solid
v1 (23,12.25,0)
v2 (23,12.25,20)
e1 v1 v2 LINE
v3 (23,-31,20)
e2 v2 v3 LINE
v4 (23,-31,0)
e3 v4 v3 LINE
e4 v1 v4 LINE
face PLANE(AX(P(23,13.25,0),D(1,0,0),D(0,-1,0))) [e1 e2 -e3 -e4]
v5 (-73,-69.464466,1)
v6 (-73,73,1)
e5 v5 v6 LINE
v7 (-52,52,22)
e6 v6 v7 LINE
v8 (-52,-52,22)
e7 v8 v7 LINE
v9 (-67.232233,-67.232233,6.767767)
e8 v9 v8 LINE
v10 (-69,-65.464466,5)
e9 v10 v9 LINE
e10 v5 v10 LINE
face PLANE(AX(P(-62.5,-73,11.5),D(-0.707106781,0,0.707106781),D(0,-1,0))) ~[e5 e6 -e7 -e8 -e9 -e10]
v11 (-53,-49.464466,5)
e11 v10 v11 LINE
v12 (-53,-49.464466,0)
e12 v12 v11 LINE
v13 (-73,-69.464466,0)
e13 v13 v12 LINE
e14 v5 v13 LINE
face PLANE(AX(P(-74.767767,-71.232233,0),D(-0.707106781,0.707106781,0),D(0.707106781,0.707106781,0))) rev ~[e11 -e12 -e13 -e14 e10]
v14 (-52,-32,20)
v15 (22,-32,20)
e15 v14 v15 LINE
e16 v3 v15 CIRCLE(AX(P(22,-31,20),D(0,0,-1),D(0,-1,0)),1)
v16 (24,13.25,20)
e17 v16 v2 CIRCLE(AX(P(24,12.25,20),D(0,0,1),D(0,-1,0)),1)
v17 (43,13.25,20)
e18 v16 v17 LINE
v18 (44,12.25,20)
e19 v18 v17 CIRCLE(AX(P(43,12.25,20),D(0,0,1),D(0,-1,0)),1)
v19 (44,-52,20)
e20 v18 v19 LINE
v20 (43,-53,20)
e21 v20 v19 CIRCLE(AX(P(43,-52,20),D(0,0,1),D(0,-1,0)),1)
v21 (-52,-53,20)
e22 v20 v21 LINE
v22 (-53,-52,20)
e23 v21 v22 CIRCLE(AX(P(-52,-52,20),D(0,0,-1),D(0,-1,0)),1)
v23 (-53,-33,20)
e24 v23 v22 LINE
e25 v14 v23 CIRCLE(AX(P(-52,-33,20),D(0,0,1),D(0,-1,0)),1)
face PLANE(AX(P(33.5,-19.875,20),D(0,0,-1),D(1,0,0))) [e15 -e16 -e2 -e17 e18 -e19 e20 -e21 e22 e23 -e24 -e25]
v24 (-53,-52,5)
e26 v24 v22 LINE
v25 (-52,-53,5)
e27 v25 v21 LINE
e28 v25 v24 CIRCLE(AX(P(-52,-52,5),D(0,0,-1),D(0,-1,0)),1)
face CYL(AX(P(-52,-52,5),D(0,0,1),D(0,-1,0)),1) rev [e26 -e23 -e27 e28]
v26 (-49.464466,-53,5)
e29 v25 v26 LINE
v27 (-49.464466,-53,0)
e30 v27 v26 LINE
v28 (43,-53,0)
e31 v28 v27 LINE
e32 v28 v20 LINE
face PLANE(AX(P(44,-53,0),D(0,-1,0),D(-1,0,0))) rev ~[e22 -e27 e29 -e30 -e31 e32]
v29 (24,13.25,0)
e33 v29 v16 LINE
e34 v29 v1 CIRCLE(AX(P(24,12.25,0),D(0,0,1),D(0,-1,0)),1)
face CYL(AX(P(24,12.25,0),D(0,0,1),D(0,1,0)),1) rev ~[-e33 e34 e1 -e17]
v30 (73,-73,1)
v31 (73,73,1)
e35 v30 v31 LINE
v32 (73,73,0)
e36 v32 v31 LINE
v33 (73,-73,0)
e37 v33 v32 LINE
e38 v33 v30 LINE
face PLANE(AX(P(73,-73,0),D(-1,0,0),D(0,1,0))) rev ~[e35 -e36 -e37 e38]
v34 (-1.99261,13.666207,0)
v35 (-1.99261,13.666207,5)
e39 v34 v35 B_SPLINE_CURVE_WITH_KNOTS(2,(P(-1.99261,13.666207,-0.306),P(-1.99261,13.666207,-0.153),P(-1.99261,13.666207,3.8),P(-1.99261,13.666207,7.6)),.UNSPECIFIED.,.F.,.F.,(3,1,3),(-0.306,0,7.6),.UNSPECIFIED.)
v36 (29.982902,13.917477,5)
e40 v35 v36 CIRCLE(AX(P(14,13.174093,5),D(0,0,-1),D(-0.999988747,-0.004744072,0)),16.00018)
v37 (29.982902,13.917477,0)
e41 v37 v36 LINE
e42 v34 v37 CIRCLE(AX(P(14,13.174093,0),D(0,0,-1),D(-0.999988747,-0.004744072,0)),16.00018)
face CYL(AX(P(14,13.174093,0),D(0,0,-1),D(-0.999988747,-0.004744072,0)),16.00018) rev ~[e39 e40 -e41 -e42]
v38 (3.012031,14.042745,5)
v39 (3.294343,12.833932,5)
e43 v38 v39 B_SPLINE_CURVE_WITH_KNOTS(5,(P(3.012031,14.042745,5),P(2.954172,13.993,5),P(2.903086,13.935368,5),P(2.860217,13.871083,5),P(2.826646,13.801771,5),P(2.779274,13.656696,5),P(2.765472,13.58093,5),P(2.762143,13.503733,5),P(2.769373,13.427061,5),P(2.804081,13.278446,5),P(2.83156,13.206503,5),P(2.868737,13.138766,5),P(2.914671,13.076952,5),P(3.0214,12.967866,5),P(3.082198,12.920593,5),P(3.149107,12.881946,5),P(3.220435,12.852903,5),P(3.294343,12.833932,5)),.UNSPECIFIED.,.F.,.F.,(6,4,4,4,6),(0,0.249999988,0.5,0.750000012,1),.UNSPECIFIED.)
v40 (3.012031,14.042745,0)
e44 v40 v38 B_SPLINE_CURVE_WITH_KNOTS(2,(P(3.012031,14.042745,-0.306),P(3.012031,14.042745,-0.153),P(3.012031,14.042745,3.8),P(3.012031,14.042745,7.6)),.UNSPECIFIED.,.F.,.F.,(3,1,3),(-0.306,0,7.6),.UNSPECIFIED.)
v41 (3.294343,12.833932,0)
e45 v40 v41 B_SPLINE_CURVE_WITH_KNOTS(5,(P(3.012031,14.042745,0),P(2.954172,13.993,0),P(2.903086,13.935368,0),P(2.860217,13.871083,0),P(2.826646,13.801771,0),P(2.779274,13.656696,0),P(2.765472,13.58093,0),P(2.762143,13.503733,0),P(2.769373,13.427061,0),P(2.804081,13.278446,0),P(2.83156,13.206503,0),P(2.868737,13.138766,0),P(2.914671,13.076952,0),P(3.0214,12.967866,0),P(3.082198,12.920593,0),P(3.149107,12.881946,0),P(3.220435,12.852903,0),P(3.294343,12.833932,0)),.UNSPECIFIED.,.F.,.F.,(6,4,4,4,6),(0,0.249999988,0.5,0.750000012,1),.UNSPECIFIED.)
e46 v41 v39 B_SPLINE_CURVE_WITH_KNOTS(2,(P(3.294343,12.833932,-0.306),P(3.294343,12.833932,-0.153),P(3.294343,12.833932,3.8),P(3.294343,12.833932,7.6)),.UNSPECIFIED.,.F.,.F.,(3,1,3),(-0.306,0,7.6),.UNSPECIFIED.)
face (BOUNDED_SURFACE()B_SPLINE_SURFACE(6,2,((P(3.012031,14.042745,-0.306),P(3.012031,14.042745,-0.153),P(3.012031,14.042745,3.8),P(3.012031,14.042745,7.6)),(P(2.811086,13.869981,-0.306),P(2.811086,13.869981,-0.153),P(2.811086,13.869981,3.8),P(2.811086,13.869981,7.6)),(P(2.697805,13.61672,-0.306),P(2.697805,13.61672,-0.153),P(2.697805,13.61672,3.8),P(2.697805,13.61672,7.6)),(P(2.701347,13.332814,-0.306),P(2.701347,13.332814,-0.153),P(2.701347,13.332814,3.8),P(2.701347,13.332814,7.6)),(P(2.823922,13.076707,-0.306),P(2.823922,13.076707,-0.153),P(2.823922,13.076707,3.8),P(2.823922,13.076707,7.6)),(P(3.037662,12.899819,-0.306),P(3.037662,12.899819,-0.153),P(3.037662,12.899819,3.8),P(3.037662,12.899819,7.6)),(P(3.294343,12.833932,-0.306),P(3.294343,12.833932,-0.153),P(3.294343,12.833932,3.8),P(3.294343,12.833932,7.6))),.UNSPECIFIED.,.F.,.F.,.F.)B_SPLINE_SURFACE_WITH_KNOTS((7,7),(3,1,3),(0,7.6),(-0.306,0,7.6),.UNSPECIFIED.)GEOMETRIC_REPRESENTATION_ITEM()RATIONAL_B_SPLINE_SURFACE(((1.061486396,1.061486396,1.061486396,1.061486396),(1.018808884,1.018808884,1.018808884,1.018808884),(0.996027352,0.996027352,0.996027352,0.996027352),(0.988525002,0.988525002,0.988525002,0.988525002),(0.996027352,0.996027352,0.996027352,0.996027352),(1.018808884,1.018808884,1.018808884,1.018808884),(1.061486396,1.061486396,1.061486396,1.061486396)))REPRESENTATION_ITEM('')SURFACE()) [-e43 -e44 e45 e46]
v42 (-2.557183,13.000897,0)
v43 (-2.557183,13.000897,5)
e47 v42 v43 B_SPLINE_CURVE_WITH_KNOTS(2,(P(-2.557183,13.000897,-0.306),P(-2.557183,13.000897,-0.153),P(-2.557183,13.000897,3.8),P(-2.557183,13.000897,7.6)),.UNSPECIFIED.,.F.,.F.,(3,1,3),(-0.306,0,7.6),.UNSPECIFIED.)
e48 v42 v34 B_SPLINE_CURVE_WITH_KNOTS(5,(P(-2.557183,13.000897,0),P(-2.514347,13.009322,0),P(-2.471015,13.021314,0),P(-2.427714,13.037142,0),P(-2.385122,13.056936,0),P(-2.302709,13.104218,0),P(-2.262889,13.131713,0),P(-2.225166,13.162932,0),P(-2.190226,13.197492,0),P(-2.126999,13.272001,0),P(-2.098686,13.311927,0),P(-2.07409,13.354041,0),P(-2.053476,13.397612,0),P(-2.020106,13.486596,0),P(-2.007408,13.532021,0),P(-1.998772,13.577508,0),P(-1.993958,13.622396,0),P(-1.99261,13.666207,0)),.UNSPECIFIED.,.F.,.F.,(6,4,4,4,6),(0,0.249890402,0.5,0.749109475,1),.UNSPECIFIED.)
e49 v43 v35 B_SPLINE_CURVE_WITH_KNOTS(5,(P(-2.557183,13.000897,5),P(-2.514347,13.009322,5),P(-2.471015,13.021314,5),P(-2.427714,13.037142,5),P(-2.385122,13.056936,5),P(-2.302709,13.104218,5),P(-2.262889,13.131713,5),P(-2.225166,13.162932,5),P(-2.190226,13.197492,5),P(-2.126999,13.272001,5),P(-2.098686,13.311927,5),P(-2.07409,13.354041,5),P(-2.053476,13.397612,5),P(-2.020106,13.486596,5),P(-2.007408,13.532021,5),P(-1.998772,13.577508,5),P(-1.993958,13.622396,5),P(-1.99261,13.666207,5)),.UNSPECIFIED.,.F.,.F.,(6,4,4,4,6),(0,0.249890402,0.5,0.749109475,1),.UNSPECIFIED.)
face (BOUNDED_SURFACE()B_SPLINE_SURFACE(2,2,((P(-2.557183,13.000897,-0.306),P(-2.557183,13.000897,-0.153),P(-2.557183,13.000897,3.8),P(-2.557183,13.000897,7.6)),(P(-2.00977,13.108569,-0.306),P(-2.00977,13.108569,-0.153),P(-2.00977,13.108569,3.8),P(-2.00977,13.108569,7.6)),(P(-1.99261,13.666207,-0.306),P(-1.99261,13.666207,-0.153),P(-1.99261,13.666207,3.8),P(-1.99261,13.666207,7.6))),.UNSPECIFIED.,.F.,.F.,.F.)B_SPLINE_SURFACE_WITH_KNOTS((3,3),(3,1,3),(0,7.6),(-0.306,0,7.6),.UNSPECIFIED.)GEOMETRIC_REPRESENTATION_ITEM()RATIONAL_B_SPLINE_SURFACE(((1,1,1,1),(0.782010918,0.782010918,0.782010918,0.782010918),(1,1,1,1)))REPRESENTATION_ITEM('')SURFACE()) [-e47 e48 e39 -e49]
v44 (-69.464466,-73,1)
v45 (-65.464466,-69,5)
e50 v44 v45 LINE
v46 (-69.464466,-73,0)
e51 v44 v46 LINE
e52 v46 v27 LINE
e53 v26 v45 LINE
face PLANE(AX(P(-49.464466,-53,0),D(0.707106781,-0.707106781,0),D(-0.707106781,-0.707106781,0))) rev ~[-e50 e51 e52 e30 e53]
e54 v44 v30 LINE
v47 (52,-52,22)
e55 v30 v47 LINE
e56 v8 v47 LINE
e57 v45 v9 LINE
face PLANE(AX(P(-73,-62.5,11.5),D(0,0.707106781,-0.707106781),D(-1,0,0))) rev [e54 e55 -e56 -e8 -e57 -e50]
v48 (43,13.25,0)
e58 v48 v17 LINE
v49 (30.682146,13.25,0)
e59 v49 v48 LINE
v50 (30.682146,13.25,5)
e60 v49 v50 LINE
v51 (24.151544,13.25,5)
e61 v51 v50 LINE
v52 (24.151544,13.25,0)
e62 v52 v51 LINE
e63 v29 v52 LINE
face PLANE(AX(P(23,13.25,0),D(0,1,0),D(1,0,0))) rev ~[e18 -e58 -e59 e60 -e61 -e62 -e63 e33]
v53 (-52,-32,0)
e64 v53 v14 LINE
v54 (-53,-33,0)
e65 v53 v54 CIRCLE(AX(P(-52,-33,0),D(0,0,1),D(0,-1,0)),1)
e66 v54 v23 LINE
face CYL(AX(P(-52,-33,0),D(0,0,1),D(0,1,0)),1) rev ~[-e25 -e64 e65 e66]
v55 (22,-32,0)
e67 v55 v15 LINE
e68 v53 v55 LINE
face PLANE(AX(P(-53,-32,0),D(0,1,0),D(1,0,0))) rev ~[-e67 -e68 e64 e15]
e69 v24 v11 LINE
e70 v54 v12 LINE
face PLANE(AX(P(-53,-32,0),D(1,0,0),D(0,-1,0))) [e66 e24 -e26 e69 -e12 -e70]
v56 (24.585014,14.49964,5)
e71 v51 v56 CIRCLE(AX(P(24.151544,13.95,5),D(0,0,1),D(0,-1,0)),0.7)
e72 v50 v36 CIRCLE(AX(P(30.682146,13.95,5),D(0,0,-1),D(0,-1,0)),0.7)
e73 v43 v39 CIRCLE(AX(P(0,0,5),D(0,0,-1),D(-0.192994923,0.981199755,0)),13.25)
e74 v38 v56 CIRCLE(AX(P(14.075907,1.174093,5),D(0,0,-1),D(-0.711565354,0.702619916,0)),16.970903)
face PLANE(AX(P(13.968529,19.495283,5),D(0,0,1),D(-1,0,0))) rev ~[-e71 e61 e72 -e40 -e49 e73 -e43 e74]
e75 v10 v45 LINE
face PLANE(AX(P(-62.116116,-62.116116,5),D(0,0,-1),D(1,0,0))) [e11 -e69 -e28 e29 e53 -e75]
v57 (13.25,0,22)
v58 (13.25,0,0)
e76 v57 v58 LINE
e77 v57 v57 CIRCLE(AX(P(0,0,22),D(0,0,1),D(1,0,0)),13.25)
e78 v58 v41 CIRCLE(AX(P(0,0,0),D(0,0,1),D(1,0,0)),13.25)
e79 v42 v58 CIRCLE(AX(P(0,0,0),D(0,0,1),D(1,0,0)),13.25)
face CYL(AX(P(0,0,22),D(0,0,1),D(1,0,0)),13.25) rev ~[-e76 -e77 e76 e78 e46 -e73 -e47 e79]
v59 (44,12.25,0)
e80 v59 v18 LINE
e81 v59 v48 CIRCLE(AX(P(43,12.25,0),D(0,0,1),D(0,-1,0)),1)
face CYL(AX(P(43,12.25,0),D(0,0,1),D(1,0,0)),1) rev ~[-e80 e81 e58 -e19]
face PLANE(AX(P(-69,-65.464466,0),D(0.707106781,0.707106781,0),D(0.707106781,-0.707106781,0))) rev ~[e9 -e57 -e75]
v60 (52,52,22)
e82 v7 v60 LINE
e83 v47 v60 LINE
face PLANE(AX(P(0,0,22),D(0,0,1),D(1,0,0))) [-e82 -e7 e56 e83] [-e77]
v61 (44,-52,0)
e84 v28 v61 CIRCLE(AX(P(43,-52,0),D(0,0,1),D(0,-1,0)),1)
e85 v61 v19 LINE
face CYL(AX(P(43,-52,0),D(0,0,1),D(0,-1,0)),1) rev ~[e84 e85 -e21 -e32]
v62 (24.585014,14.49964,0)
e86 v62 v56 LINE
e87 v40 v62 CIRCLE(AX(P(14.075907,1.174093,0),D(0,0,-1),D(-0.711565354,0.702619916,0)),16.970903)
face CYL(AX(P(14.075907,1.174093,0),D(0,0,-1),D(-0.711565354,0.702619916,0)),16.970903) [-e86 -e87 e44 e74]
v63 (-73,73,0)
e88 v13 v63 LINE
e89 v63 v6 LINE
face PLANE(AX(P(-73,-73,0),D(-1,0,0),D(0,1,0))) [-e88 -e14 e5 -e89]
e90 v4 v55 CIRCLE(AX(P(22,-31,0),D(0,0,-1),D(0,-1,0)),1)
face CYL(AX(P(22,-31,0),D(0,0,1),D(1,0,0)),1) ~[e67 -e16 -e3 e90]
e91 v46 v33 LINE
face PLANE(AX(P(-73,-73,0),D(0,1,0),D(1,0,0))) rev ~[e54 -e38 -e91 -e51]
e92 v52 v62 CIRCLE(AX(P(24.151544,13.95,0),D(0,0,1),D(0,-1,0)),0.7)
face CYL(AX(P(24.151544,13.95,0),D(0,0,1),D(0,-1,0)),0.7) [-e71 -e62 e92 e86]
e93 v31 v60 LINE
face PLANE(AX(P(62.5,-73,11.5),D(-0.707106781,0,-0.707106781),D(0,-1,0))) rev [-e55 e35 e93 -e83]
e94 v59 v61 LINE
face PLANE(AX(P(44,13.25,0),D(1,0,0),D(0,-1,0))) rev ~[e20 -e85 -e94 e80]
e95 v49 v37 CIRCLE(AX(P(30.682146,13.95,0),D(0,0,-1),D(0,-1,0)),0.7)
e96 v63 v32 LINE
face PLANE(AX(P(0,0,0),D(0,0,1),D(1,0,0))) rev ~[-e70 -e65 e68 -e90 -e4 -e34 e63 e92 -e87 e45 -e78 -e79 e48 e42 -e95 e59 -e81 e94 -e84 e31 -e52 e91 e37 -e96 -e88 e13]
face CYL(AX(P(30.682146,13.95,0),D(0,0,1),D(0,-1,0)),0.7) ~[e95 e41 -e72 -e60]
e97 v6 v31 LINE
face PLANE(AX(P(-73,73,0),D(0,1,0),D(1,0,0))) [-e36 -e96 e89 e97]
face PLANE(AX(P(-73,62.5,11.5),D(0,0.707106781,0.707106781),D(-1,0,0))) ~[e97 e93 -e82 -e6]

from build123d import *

# Parameters (mm, degrees)
SKETCH_W        = 146
SKETCH_H        = 146
PAD_DEPTH       = 22
CHAMFER_SIZE    = 21
SKETCH001_R     = 13.25
POCKET_DEPTH    = 22.001
SKETCH002_W     = 21
SKETCH002_H     = 66.25
SKETCH002_W_2   = 76
SKETCH002_H_2   = 21
POCKET001_DEPTH = 20
POCKET002_DEPTH = 5
POCKET003_DEPTH = 22.001
FILLET_R        = 1
FILLET001_R     = 0.7


with BuildPart() as part:
    # Sketch → Pad (new body)
    with BuildSketch(Plane.XY):
        Rectangle(SKETCH_W, SKETCH_H)
    extrude(amount=PAD_DEPTH)

    # Chamfer
    chamfer_edges = [part.edges().sort_by_distance(p)[0] for p in [
        (73, 0, 22),
        (0, -73, 22),
        (-73, 0, 22),
        (0, 73, 22),
    ]]
    chamfer(chamfer_edges, length=CHAMFER_SIZE)

    # Sketch001 (on Face6 of Pad) → Pocket (cut, through all)
    with BuildSketch(Plane.XY.offset(22)):
        Circle(SKETCH001_R)
    extrude(amount=-POCKET_DEPTH, mode=Mode.SUBTRACT)

    # Sketch002 (on Face4 of Pocket) → Pocket001 (cut)
    with BuildSketch(Plane(origin=(0, 0, 0), x_dir=(1, 0, 0), z_dir=(0, 0, -1))):
        with Locations((33.5, 19.875)):
            Rectangle(SKETCH002_W, SKETCH002_H)
        with Locations((-15, 42.5)):
            Rectangle(SKETCH002_W_2, SKETCH002_H_2)
    extrude(amount=-POCKET001_DEPTH, mode=Mode.SUBTRACT)

    # Sketch003 (on Face4 of Pocket001) → Pocket002 (cut)
    with BuildSketch(Plane(origin=(0, 0, 0), x_dir=(1, 0, 0), z_dir=(0, 0, -1))):
        with BuildLine():
            Line((26, -13.25), (30, -13.25))
            ThreePointArc((-2, -13.098187), (13.924093, -29.174093), (30, -13.25))
            Line((2, -13.098187), (-2, -13.098187))
            ThreePointArc((2, -13.098187), (13.968558, -18.144656), (26, -13.25))
        make_face()
        Polygon((-49.464466, 53), (-71.232233, 74.767767), (-74.767767, 71.232233), (-53, 49.464466), align=None)
    extrude(amount=-POCKET002_DEPTH, mode=Mode.SUBTRACT)

    # Sketch004 (on Face3 of Pocket002) → Pocket003 (cut, through all)
    with BuildSketch(Plane(origin=(0, 0, 0), x_dir=(1, 0, 0), z_dir=(0, 0, -1))):
        Polygon((-69, 65.464466), (-65.464466, 69), (-69.464466, 73), (-73, 69.464466), align=None)
    extrude(amount=-POCKET003_DEPTH, mode=Mode.SUBTRACT)

    # Fillet
    fillet_edges = [part.edges().sort_by_distance(p)[0] for p in [
        (-53, -32, 10),
        (23, -32, 10),
        (23, 13.25, 10),
        (44, -53, 10),
        (44, 13.25, 10),
        (-53, -53, 12.5),
    ]]
    fillet(fillet_edges, radius=FILLET_R)

    # Fillet001
    fillet001_edges = [part.edges().sort_by_distance(p)[0] for p in [
        (2, 13.098187, 2.5),
        (30, 13.25, 2.5),
        (26, 13.25, 2.5),
        (-2, 13.098187, 2.5),
    ]]
    fillet(fillet001_edges, radius=FILLET001_R)


solid = part.part
